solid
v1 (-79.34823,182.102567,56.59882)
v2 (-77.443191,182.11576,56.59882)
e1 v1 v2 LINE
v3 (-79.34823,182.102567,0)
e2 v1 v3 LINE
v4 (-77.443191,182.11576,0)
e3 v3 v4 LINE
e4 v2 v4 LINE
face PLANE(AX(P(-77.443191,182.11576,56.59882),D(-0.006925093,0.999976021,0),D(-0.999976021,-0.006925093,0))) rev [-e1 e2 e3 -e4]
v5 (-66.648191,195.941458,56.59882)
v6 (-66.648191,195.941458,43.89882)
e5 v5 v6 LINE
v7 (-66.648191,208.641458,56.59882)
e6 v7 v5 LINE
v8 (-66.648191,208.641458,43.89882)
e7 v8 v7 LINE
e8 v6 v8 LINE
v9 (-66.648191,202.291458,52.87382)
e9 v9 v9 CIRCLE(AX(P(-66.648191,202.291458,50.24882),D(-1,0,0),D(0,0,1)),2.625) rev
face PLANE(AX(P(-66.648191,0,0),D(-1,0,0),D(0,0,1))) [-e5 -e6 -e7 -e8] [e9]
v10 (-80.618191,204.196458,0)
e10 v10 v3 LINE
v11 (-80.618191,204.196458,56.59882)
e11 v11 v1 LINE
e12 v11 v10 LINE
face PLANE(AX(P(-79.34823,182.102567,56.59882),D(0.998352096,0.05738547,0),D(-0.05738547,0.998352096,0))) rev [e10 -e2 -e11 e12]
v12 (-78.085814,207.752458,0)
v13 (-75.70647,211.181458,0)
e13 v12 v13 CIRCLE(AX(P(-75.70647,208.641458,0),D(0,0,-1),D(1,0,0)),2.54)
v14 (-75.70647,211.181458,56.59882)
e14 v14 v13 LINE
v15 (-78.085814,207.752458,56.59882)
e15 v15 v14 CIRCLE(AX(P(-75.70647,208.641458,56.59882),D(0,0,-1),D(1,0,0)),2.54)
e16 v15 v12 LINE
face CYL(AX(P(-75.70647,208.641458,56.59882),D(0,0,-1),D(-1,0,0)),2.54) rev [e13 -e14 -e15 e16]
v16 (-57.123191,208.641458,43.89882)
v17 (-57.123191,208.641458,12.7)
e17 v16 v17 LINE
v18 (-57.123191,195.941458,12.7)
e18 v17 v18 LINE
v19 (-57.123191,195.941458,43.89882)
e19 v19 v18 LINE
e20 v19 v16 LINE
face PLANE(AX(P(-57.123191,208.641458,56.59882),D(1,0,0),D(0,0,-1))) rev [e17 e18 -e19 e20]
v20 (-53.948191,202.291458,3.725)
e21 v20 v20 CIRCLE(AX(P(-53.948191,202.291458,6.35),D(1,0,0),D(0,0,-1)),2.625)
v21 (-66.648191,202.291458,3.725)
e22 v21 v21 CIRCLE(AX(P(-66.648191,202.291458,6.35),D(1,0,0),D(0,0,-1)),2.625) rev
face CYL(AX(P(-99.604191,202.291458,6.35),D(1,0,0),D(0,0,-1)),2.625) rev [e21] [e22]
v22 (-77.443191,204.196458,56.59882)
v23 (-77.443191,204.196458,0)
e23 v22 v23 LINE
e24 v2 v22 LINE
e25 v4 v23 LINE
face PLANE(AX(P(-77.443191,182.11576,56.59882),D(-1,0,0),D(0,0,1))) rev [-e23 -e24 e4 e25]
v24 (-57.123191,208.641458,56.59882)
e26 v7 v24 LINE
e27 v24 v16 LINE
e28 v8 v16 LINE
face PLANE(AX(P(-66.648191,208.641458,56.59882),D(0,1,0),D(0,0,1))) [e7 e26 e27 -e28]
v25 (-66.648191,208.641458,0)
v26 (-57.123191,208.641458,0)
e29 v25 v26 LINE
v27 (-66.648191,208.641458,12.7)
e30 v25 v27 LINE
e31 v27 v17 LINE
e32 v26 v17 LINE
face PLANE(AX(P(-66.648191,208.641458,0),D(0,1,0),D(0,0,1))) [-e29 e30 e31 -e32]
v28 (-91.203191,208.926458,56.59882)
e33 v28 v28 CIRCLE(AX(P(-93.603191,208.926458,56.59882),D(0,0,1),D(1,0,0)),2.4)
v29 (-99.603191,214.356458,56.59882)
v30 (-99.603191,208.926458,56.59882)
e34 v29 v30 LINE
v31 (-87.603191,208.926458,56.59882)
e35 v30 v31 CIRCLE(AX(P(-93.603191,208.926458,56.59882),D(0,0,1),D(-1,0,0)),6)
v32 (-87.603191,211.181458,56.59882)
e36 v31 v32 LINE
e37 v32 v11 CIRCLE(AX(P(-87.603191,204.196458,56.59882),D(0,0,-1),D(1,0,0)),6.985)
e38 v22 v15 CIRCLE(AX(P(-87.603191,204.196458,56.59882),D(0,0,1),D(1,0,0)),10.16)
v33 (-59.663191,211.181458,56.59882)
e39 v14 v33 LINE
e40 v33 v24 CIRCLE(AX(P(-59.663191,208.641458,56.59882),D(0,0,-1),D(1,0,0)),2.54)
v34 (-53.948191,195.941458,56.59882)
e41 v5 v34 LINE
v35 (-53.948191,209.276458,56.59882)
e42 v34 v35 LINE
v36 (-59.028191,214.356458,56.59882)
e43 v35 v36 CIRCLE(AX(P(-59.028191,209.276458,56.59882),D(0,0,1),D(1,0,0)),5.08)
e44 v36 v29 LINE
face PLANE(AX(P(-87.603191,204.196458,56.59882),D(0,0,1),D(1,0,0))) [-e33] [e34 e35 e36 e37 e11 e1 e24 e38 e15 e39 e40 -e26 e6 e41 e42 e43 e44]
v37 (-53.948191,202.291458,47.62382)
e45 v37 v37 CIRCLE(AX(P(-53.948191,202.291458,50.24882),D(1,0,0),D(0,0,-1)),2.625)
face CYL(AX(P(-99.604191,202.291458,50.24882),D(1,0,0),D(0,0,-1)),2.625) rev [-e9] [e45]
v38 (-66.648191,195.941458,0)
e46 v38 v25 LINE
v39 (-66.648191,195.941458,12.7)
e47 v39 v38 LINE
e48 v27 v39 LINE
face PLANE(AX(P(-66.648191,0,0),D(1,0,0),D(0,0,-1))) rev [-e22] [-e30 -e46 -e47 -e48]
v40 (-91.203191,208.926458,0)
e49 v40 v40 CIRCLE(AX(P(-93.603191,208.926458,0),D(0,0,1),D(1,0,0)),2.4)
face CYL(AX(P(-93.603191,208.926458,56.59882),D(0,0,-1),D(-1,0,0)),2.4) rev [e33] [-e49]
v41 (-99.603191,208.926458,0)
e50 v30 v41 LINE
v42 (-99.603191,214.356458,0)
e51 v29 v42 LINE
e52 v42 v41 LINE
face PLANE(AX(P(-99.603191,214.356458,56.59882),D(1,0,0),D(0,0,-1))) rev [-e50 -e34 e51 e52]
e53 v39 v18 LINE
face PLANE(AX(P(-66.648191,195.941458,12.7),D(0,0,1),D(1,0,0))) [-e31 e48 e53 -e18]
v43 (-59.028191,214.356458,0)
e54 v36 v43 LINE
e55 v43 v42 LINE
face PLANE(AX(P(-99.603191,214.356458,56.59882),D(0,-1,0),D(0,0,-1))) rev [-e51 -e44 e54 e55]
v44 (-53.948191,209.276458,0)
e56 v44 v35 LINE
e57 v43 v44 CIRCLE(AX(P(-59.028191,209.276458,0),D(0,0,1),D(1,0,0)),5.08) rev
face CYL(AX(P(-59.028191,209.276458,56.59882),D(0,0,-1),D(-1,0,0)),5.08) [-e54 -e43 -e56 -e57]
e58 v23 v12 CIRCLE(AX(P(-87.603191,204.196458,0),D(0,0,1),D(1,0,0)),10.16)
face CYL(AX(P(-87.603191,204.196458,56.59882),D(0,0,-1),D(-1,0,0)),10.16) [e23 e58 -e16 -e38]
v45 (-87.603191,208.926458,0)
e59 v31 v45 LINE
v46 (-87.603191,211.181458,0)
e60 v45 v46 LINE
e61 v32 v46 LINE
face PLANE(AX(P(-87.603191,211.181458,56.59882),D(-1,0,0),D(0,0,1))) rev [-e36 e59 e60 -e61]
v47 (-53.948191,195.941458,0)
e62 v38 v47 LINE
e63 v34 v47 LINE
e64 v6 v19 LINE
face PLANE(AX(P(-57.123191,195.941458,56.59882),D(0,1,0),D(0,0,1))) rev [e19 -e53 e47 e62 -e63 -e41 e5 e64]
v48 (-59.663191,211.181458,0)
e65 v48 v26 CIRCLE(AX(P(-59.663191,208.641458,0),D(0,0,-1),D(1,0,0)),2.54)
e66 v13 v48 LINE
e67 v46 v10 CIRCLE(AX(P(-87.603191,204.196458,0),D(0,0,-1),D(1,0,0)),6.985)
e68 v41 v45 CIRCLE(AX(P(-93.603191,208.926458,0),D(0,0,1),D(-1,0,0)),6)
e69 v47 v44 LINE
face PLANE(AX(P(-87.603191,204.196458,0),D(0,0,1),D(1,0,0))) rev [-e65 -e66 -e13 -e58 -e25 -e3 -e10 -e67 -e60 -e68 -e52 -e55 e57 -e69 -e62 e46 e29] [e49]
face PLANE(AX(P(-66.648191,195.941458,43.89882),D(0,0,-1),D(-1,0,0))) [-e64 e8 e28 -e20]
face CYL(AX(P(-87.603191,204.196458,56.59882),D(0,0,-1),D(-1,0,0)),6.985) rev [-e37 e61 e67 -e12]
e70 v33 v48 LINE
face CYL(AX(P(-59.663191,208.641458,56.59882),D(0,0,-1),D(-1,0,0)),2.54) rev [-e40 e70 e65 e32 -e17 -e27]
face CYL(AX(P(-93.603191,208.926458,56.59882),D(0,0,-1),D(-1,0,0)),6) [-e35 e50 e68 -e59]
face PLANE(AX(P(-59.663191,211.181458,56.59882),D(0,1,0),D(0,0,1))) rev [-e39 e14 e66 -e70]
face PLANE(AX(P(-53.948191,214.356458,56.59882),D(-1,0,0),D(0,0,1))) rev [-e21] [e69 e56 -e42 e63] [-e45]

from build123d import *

# Parameters (mm, degrees)
SKETCH1_R           = 2.4
BOSS_EXTRUDE1_DEPTH = 56.59882
SKETCH7_W           = 12.7
SKETCH7_H           = 12.7
BOSS_EXTRUDE3_DEPTH = 12.7
CUT_EXTRUDE2_REACH  = 228.355
SKETCH8_R           = 2.625
FILLET1_R           = 5.08


with BuildPart() as part:
    # Sketch1 → Boss-Extrude1 (new body)
    with BuildSketch(Plane.XY):
        with BuildLine():
            Line((-77.443191063, 182.115759687), (-79.348229949, 182.102566798))
            Line((-79.348229949, 182.102566798), (-80.618191063, 204.196458108))
            ThreePointArc((-80.618191063, 204.196458108), (-82.664050197, 209.135598974), (-87.603191063, 211.181458108))
            Line((-87.603191063, 211.181458108), (-87.603191063, 208.926458108))
            ThreePointArc((-87.603191063, 208.926458108), (-93.603191063, 202.926458108), (-99.603191063, 208.926458108))
            Line((-99.603191063, 208.926458108), (-99.603191063, 214.356458108))
            Line((-99.603191063, 214.356458108), (-90.238191127, 214.356458108))
            Line((-90.238191127, 214.356458108), (-87.603191063, 214.356458108))
            Line((-87.603191063, 214.356458108), (-76.173191063, 214.356458108))
            Line((-76.173191063, 214.356458108), (-53.948191063, 214.356458108))
            Line((-53.948191063, 214.356458108), (-53.948191063, 195.941458108))
            Line((-53.948191063, 195.941458108), (-57.123191063, 195.941458108))
            Line((-57.123191063, 195.941458108), (-57.123191063, 208.641458108))
            ThreePointArc((-57.123191063, 208.641458108), (-57.867139839, 210.437509332), (-59.663191063, 211.181458108))
            Line((-59.663191063, 211.181458108), (-75.706469876, 211.181458108))
            ThreePointArc((-75.706469876, 211.181458108), (-77.79329282, 210.089480898), (-78.085814114, 207.752458108))
            ThreePointArc((-78.085814114, 207.752458108), (-77.605137508, 206.003257791), (-77.443191063, 204.196458108))
            Line((-77.443191063, 204.196458108), (-77.443191063, 182.115759687))
        make_face()
        with Locations((-93.603191063, 208.926458108)):
            Circle(SKETCH1_R, mode=Mode.SUBTRACT)
    extrude(amount=BOSS_EXTRUDE1_DEPTH)

    # Sketch7 → Boss-Extrude3 (add)
    with BuildSketch(Plane(origin=(-53.948191063, 0, 0), x_dir=(0, 0, -1), z_dir=(1, 0, 0))):
        with Locations((-50.24882, 202.291458108)):
            Rectangle(SKETCH7_W, SKETCH7_H)
        with Locations((-6.35, 202.291458108)):
            Rectangle(SKETCH7_W, SKETCH7_H)
    extrude(amount=-BOSS_EXTRUDE3_DEPTH)

    # Sketch8 → Cut-Extrude2 (cut, up to next)
    with BuildSketch(Plane(origin=(-53.948191063, 0, 0), x_dir=(0, 0, -1), z_dir=(1, 0, 0)), mode=Mode.PRIVATE) as cut_extrude2_sk1:
        with Locations((-50.24882, 202.291458108)):
            Circle(SKETCH8_R)
    cut_extrude2_tool1 = extrude(cut_extrude2_sk1.sketch, amount=-CUT_EXTRUDE2_REACH, mode=Mode.PRIVATE) & part.part
    # Sketch8 → Cut-Extrude2 (cut, up to next)
    with BuildSketch(Plane(origin=(-53.948191063, 0, 0), x_dir=(0, 0, -1), z_dir=(1, 0, 0)), mode=Mode.PRIVATE) as cut_extrude2_sk2:
        with Locations((-6.35, 202.291458108)):
            Circle(SKETCH8_R)
    cut_extrude2_tool2 = extrude(cut_extrude2_sk2.sketch, amount=-CUT_EXTRUDE2_REACH, mode=Mode.PRIVATE) & part.part
    add(cut_extrude2_tool1.solids().sort_by_distance((-53.948191, 202.291458, 50.24882))[0], mode=Mode.SUBTRACT)
    add(cut_extrude2_tool2.solids().sort_by_distance((-53.948191, 202.291458, 6.35))[0], mode=Mode.SUBTRACT)

    # Fillet1
    fillet1_edges = [part.edges().sort_by_distance(p)[0] for p in [
        (-53.948191063, 214.356458108, 28.29941),
    ]]
    fillet(fillet1_edges, radius=FILLET1_R)


solid = part.part
